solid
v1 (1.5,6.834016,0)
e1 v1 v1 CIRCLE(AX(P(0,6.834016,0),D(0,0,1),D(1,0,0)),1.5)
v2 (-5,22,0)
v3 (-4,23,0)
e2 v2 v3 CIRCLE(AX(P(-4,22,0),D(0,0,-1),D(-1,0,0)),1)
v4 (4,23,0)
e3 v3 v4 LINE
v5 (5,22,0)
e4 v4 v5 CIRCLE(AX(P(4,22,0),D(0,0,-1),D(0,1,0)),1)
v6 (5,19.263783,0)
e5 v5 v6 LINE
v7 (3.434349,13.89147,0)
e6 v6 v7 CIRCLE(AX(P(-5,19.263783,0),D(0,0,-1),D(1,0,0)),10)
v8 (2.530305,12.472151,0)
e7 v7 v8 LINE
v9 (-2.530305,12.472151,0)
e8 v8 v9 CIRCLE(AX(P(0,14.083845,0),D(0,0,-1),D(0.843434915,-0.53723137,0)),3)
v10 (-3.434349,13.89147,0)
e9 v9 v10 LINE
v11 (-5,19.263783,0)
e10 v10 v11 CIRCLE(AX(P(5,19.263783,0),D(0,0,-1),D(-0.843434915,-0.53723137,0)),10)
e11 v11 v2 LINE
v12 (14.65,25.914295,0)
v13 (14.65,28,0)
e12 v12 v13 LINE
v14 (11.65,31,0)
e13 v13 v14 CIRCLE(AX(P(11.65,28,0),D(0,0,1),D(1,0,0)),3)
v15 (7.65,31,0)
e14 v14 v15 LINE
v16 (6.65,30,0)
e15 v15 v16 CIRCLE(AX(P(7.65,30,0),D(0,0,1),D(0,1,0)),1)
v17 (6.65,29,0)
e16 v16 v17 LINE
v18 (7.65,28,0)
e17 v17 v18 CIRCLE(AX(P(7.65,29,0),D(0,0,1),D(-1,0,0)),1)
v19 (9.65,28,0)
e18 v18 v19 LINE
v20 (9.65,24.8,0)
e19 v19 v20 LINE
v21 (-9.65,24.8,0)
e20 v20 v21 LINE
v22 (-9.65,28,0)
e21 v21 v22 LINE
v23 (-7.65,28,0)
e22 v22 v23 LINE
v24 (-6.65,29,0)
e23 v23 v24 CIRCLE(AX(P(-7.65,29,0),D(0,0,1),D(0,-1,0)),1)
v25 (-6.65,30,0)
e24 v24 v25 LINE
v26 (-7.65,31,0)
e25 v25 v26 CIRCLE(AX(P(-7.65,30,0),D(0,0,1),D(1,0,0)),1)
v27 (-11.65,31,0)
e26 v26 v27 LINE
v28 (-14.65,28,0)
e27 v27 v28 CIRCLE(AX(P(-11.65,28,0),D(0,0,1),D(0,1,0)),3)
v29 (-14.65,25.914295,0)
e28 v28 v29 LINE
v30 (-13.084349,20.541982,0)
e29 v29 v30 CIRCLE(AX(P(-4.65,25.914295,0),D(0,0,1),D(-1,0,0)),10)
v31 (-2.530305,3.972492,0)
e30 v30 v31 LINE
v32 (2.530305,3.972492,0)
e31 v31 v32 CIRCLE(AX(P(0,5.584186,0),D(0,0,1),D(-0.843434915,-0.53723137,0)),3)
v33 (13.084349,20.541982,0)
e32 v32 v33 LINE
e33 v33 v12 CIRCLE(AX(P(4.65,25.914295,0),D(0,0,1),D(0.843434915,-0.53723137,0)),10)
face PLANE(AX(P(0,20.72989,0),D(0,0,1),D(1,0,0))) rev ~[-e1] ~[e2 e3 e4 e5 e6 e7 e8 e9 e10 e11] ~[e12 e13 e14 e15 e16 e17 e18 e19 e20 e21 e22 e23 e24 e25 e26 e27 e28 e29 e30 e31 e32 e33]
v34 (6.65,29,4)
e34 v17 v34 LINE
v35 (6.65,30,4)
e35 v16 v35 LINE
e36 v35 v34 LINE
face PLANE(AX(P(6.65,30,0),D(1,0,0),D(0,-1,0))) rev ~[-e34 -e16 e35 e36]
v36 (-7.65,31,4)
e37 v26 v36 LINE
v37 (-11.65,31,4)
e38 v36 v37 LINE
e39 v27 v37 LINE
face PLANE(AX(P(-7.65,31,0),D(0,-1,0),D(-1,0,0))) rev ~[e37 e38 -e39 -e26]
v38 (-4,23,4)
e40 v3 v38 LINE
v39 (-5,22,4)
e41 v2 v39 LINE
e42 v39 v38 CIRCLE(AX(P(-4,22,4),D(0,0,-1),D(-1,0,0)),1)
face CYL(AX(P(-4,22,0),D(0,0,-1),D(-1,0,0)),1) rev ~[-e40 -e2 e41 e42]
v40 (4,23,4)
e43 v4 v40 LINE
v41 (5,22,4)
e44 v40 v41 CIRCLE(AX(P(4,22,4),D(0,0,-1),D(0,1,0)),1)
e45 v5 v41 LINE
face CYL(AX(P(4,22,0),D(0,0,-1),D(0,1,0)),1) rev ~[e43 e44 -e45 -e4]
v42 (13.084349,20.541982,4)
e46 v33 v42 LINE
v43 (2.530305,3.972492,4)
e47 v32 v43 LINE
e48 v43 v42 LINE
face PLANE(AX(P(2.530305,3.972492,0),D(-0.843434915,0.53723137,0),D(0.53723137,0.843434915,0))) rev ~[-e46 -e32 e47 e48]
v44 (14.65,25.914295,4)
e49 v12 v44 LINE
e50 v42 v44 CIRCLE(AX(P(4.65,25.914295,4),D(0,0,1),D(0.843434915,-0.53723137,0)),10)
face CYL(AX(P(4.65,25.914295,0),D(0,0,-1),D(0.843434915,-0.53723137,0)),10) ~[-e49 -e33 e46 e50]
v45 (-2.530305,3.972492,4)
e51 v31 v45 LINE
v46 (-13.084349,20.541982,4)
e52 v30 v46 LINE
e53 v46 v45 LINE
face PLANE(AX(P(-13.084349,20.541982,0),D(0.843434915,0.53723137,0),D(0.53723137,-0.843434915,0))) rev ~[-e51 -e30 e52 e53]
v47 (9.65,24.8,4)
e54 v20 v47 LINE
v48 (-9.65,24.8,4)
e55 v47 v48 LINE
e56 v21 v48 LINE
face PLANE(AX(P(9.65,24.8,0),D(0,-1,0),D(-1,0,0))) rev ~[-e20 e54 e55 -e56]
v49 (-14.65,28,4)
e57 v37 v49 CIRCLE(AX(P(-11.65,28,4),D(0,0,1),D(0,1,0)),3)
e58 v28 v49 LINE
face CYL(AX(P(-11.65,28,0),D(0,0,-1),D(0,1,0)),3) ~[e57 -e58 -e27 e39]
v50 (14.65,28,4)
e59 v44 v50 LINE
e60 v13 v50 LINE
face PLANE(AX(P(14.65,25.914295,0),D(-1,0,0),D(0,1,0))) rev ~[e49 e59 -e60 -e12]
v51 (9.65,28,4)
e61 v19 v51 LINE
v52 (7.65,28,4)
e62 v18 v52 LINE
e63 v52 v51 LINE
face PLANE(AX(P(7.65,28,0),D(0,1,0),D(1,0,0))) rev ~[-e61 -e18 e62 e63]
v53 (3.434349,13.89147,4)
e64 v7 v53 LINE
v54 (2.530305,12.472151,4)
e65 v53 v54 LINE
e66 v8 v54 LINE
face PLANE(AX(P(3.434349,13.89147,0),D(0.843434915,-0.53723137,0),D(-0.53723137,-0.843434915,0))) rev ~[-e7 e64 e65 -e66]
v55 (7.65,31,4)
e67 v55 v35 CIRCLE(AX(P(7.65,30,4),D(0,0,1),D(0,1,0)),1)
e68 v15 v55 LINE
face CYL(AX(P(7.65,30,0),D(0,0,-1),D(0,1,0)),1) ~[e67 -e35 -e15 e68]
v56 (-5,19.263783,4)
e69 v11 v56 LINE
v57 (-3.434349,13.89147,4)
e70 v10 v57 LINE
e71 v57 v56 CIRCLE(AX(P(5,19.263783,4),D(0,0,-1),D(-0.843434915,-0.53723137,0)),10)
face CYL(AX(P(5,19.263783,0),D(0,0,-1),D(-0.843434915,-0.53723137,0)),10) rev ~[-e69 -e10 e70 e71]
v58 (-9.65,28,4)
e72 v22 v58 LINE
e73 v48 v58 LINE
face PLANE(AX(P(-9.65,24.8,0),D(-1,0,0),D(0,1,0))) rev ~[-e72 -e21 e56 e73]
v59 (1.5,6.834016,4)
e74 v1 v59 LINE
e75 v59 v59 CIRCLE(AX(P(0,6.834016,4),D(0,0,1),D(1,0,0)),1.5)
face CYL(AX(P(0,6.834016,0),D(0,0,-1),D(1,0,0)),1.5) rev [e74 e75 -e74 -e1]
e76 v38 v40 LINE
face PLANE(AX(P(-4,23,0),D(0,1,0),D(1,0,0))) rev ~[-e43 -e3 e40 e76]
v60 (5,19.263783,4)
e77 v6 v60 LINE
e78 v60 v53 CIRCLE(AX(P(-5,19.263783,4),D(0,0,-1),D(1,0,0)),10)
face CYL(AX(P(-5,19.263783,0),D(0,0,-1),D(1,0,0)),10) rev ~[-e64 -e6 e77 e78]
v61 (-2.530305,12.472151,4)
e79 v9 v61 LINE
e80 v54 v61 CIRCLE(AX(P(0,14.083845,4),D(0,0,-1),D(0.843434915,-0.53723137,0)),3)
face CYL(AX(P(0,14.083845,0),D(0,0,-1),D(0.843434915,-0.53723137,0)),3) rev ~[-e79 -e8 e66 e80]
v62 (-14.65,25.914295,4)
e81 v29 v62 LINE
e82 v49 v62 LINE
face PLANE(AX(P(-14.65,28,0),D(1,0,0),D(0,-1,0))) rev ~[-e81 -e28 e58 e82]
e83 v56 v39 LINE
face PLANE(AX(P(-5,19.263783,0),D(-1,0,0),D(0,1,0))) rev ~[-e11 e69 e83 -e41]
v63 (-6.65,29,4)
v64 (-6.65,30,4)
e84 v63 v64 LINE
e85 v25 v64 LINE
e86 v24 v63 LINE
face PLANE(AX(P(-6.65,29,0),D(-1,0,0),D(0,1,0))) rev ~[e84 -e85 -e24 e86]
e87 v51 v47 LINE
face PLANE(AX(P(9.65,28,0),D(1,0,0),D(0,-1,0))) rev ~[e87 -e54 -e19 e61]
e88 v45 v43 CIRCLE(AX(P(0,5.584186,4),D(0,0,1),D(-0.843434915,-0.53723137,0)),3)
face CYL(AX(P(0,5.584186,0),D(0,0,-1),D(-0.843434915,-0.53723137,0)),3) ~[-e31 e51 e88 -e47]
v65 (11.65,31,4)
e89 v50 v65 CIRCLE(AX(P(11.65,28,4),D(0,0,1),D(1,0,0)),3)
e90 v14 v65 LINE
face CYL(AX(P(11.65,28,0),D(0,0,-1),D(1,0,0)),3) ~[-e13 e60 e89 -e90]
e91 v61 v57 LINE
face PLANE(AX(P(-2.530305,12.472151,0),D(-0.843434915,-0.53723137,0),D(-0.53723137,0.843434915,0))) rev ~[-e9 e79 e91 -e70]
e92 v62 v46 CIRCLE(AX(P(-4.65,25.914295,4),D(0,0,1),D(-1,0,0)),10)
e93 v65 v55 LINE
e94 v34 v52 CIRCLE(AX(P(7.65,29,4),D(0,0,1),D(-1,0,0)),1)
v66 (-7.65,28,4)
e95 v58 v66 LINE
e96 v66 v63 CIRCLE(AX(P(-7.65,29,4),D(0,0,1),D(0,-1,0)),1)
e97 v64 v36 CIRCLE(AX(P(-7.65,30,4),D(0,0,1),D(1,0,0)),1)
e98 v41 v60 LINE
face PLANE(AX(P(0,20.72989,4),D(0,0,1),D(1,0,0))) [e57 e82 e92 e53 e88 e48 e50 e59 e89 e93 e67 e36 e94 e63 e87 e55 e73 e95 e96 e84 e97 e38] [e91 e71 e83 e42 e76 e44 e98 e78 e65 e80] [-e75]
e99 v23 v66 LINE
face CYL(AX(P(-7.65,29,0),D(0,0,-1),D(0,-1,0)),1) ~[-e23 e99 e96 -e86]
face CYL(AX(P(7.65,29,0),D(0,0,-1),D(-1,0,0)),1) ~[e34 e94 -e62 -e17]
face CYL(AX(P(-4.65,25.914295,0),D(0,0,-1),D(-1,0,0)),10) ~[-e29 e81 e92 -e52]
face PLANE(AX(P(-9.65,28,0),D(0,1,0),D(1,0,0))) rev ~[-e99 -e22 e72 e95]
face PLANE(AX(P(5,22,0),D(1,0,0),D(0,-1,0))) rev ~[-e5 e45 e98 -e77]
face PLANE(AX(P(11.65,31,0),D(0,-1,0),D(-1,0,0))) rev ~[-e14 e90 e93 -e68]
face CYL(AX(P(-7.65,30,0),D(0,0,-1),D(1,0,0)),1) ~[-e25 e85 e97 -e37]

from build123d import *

# Parameters (mm, degrees)
F1_R     = 1.5
F2_DEPTH = 4


with BuildPart() as f2:
    # F1 (on Top) → F2 (new body)
    with BuildSketch(Plane.XY):
        with BuildLine():
            Line((-13.0843491479, 20.5419815973), (-2.5303047444, 3.9724920901))
            ThreePointArc((-2.5303047444, 3.9724920901), (0, 2.584186199), (2.5303047444, 3.9724920901))
            Line((2.5303047444, 3.9724920901), (13.0843491479, 20.5419815973))
            ThreePointArc((13.0843491479, 20.5419815973), (14.2506117378, 23.1163935333), (14.65, 25.9142952937))
            Line((14.65, 25.9142952937), (14.65, 28))
            ThreePointArc((14.65, 28), (13.7713203436, 30.1213203436), (11.65, 31))
            Line((11.65, 31), (7.65, 31))
            ThreePointArc((7.65, 31), (6.9428932188, 30.7071067812), (6.65, 30))
            Line((6.65, 30), (6.65, 29))
            ThreePointArc((6.65, 29), (6.9428932188, 28.2928932188), (7.65, 28))
            Line((7.65, 28), (9.65, 28))
            Line((9.65, 28), (9.65, 24.8))
            Line((9.65, 24.8), (-9.65, 24.8))
            Line((-9.65, 24.8), (-9.65, 28))
            Line((-9.65, 28), (-7.65, 28))
            ThreePointArc((-7.65, 28), (-6.9428932188, 28.2928932188), (-6.65, 29))
            Line((-6.65, 29), (-6.65, 30))
            ThreePointArc((-6.65, 30), (-6.9428932188, 30.7071067812), (-7.65, 31))
            Line((-7.65, 31), (-11.65, 31))
            ThreePointArc((-11.65, 31), (-13.7713203436, 30.1213203436), (-14.65, 28))
            Line((-14.65, 28), (-14.65, 25.9142952937))
            ThreePointArc((-14.65, 25.9142952937), (-14.2506117378, 23.1163935333), (-13.0843491479, 20.5419815973))
        make_face()
        with Locations((0, 6.8340155506)):
            Circle(F1_R, mode=Mode.SUBTRACT)
        with BuildLine():
            Line((-5, 19.2637833483), (-5, 22))
            ThreePointArc((-5, 22), (-4.7071067812, 22.7071067812), (-4, 23))
            Line((-4, 23), (4, 23))
            ThreePointArc((4, 23), (4.7071067812, 22.7071067812), (5, 22))
            Line((5, 22), (5, 19.2637833483))
            ThreePointArc((5, 19.2637833483), (4.6006117378, 16.4658815879), (3.4343491479, 13.8914696519))
            Line((3.4343491479, 13.8914696519), (2.5303047444, 12.4721507932))
            ThreePointArc((2.5303047444, 12.4721507932), (0, 11.0838449021), (-2.5303047444, 12.4721507932))
            Line((-2.5303047444, 12.4721507932), (-3.4343491479, 13.8914696519))
            ThreePointArc((-3.4343491479, 13.8914696519), (-4.6006117378, 16.4658815879), (-5, 19.2637833483))
        make_face(mode=Mode.SUBTRACT)
    extrude(amount=F2_DEPTH)


solid = f2.part
